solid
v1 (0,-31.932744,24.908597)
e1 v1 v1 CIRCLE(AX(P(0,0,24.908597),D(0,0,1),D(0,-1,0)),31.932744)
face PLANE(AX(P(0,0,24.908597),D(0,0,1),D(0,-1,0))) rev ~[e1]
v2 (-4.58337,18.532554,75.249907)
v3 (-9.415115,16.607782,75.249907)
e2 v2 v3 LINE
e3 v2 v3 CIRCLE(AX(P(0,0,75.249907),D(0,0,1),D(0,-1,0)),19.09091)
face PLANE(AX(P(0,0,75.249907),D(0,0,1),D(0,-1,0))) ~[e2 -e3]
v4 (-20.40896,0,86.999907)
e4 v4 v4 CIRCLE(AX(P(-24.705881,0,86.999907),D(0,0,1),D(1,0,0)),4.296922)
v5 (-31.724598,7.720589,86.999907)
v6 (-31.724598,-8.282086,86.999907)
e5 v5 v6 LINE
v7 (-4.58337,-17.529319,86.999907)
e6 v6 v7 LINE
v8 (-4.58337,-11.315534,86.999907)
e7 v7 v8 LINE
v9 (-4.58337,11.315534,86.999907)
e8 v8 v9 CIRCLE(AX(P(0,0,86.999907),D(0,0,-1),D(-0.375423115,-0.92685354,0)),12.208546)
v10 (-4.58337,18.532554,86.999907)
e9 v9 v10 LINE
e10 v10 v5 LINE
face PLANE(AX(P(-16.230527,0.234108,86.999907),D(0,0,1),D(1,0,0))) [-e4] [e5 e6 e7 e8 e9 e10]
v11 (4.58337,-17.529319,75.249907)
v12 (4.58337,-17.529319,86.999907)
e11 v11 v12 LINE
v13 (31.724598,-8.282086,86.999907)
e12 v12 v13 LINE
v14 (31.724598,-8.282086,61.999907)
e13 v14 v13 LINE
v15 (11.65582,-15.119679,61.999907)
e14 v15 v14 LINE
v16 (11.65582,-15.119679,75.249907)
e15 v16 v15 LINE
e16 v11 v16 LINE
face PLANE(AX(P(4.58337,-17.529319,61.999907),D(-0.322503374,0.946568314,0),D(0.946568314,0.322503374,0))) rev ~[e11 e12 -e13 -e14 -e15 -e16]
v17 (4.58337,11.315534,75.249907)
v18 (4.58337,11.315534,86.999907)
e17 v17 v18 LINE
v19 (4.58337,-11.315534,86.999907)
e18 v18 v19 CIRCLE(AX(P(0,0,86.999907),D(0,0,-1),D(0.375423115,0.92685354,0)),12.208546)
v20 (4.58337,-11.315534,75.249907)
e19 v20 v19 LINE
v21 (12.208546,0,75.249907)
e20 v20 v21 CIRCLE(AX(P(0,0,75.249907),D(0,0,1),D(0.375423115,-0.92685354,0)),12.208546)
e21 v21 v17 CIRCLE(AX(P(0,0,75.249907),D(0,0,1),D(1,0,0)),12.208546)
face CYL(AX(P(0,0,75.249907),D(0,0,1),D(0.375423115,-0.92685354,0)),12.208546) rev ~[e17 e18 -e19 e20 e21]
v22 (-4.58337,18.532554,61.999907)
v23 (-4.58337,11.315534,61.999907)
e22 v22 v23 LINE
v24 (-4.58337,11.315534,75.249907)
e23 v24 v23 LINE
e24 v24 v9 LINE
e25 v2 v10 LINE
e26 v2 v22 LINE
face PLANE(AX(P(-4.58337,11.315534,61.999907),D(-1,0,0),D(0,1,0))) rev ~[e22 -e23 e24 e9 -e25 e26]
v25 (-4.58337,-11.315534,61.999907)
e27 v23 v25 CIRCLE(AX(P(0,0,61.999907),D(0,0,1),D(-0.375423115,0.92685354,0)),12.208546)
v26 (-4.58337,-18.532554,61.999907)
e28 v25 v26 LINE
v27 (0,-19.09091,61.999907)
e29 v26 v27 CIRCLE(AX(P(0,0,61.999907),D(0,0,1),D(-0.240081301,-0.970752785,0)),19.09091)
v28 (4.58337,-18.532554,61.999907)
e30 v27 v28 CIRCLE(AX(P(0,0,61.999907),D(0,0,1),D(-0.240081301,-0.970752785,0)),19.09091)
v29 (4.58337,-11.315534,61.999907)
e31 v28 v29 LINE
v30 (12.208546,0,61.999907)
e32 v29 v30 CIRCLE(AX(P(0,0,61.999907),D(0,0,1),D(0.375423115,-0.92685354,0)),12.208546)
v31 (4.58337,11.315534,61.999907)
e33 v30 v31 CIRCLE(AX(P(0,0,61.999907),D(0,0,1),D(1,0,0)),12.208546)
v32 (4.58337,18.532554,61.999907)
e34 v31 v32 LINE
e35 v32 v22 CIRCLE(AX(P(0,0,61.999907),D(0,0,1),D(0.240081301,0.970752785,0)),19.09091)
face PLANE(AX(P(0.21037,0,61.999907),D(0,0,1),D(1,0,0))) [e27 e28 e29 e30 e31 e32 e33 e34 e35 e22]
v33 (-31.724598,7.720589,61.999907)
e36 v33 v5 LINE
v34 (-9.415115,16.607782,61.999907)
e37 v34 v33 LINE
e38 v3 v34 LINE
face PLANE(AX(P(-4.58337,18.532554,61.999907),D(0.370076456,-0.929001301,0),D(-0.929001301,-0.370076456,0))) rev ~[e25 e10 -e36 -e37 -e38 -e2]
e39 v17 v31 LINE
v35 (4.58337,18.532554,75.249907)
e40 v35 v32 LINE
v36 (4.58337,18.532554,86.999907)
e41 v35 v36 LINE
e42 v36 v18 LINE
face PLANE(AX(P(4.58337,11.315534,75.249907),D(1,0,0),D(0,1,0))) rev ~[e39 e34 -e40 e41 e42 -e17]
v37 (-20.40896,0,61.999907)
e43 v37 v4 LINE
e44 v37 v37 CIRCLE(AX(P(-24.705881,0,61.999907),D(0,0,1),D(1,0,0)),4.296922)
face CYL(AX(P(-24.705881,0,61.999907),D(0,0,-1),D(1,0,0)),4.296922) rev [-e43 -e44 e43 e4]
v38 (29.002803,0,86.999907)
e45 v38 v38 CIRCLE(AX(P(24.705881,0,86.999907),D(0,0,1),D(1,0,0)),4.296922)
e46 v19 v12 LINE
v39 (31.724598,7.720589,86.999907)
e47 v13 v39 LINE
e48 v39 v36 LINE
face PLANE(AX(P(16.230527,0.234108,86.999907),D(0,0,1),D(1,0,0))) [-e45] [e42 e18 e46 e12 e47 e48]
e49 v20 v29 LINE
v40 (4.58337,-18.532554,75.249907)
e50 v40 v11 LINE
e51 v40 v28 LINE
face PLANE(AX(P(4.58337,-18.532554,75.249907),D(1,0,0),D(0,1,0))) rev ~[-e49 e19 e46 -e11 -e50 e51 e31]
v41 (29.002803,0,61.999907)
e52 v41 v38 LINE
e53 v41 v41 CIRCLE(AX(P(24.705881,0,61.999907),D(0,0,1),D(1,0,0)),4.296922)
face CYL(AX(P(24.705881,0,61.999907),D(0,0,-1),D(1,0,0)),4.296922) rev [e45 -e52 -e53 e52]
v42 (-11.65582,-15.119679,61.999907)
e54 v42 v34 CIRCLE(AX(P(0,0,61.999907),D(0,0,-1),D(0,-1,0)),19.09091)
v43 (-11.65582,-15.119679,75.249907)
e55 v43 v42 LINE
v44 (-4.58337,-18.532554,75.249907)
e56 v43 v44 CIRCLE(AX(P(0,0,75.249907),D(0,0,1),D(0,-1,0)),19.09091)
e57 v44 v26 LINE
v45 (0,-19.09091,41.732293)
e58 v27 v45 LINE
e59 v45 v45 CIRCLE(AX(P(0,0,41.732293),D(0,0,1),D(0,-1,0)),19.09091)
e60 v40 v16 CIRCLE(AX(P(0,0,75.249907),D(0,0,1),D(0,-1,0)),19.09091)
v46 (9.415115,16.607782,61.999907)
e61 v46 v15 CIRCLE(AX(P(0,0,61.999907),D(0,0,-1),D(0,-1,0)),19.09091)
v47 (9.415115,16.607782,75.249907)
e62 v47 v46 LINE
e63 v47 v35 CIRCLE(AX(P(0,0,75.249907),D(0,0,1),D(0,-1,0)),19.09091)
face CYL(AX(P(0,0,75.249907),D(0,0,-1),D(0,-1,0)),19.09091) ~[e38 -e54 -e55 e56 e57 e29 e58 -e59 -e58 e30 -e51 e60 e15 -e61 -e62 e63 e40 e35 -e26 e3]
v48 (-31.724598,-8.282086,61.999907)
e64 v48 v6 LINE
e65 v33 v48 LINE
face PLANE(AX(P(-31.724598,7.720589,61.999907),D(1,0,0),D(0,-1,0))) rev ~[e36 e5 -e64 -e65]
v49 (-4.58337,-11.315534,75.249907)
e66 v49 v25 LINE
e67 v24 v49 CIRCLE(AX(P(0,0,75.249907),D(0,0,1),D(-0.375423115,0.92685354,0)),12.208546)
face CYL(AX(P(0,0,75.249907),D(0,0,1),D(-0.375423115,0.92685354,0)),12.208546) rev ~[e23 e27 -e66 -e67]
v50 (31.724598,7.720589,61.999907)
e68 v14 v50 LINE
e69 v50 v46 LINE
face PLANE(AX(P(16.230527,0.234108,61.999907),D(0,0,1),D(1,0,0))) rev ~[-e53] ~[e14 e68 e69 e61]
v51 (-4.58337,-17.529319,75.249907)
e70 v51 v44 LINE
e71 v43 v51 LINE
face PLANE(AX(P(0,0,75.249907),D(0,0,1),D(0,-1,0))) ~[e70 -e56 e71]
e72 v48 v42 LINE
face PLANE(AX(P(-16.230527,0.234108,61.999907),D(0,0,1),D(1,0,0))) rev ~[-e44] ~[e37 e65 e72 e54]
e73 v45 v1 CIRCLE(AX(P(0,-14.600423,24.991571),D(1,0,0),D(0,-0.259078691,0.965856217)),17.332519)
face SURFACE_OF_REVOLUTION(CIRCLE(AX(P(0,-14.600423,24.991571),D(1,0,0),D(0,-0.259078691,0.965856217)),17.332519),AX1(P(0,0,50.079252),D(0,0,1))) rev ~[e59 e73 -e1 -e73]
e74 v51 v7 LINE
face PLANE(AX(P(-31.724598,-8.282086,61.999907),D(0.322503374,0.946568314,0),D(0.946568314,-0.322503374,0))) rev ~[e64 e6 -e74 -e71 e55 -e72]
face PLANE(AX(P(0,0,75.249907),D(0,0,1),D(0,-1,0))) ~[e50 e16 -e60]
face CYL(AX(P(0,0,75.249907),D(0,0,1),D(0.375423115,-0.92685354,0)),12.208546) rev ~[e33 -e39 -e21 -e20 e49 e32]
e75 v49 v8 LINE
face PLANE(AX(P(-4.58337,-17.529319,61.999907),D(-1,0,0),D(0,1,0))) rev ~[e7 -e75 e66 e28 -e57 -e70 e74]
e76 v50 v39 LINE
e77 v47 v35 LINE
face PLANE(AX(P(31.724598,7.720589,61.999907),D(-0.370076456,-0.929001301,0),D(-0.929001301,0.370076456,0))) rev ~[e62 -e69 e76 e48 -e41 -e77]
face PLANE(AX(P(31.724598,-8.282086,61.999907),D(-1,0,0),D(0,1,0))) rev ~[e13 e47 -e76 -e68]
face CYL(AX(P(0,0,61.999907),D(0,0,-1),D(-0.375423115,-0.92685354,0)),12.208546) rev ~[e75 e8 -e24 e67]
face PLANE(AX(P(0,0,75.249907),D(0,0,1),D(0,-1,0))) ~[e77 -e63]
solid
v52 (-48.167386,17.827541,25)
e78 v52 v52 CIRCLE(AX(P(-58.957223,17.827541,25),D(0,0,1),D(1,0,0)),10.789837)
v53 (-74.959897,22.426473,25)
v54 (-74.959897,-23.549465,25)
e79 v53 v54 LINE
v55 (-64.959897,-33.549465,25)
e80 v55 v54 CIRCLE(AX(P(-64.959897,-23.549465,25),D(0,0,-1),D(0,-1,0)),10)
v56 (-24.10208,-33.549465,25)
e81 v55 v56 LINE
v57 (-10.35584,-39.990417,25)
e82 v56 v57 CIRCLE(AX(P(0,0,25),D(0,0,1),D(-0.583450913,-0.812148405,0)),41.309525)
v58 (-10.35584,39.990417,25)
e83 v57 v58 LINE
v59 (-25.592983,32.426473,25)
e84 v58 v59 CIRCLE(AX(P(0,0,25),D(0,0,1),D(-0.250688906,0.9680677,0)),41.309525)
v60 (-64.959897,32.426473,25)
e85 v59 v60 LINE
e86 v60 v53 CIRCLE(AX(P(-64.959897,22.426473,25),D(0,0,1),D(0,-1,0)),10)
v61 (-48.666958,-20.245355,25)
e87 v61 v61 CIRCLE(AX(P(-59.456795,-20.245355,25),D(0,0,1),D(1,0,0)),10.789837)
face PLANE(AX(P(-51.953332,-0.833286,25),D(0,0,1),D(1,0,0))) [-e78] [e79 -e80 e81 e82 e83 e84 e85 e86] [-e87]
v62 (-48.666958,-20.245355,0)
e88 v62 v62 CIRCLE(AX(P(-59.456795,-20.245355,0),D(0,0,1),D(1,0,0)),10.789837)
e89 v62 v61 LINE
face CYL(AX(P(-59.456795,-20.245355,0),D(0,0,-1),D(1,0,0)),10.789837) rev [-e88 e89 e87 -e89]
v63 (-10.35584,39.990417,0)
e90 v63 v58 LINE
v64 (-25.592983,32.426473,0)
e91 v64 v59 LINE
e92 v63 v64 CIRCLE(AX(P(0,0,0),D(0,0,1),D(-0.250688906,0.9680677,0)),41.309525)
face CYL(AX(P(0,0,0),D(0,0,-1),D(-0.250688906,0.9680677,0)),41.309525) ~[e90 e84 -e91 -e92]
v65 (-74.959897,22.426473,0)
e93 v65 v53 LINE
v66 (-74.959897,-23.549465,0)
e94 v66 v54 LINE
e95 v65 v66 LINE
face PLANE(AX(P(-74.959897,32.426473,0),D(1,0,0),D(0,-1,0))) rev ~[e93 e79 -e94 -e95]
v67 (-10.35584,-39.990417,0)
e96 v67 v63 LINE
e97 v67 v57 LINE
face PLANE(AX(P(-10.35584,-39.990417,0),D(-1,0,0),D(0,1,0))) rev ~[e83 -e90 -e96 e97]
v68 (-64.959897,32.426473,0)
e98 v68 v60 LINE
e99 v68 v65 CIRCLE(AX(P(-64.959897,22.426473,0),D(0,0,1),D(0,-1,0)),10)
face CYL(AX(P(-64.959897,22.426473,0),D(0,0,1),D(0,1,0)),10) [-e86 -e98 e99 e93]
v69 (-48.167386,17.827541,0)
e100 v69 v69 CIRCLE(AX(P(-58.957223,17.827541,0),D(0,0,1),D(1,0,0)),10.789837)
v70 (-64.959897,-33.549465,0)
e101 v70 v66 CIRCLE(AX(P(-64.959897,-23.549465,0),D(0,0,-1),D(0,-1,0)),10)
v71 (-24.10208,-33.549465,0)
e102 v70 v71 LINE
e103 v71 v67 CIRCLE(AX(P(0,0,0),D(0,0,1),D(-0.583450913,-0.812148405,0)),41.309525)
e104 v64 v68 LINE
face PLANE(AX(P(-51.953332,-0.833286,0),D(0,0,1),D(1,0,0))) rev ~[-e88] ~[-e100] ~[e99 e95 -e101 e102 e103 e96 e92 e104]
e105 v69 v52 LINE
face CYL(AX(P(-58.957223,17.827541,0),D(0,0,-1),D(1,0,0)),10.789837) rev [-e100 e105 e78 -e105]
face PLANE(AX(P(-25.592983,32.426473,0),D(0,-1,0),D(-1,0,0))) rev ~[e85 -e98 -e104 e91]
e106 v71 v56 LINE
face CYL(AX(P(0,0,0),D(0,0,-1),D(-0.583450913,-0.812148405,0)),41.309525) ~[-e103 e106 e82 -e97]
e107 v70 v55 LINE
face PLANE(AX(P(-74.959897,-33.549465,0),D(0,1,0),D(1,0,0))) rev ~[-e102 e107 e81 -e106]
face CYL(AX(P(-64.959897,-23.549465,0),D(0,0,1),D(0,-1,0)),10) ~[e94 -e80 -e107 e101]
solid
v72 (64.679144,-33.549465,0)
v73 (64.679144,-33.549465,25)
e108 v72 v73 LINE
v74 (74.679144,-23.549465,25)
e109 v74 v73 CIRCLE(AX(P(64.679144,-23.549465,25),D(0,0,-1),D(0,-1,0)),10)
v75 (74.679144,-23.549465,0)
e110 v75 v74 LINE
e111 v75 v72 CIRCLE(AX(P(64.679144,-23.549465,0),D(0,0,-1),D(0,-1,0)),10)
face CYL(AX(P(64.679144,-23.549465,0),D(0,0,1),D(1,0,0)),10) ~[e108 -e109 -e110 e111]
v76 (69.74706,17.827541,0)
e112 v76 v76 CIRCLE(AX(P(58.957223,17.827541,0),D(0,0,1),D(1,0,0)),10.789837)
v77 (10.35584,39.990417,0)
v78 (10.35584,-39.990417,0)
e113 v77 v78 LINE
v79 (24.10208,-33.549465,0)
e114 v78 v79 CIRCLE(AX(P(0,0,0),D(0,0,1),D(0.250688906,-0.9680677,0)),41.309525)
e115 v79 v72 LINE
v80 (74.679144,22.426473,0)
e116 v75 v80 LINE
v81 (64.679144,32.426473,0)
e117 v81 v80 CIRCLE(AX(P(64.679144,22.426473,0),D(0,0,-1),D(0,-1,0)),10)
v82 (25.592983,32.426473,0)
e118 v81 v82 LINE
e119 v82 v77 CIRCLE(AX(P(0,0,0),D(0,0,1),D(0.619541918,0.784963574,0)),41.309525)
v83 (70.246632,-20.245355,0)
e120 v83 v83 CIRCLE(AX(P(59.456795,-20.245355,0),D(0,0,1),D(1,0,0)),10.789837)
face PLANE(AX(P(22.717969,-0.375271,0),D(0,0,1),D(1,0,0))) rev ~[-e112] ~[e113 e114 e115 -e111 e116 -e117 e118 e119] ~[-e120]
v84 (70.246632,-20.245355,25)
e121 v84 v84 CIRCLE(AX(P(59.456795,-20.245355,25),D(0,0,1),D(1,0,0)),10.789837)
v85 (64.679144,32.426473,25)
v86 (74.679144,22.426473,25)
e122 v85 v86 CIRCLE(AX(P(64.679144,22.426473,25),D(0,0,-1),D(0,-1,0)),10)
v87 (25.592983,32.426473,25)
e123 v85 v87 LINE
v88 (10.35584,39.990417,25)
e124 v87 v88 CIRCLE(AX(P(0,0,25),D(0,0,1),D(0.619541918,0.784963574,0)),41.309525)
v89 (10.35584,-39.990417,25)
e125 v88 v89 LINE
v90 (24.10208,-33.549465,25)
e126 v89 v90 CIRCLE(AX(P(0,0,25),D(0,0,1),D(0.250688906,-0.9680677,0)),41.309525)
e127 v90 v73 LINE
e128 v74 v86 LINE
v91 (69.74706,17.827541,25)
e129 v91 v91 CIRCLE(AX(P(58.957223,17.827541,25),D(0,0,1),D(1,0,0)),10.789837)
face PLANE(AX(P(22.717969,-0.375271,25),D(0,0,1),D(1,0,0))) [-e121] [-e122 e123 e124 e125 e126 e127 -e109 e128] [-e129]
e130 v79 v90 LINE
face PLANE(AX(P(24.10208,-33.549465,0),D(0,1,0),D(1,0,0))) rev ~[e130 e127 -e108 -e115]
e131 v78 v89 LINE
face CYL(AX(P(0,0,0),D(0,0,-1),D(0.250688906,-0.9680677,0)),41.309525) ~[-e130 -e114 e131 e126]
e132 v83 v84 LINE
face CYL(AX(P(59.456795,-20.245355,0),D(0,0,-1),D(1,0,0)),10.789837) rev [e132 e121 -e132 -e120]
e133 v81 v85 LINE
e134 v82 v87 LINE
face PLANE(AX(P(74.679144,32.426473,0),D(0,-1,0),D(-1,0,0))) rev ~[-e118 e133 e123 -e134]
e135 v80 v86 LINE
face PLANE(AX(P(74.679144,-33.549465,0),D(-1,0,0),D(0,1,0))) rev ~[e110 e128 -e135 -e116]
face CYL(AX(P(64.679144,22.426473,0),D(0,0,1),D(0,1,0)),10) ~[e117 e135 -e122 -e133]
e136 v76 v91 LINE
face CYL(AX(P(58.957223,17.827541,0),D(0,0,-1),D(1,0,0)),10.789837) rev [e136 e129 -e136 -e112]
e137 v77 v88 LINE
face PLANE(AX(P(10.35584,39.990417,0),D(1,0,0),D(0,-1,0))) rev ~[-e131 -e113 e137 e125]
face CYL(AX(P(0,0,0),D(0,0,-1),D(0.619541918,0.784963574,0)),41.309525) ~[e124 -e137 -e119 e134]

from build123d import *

# Parameters (mm, degrees)
F0_R     = 10.7898369592
F1_DEPTH = 25
F2_R     = 10
F2_2_R   = 10
F6_DEPTH = 13.25
F7_R     = 4.2969216764
F8_DEPTH = 25


with BuildPart() as f1:
    # F0 (on Top) → F1 (new body)
    with BuildSketch(Plane.XY):
        with BuildLine():
            ThreePointArc((-24.1020803701, -33.549465239), (-41.2989820766, -0.9332606445), (-25.5929826471, 32.4264727533))
            Line((-25.5929826471, 32.4264727533), (-74.9598965049, 32.4264727533))
            Line((-74.9598965049, 32.4264727533), (-74.9598965049, -33.549465239))
            Line((-74.9598965049, -33.549465239), (-24.1020803701, -33.549465239))
        make_face()
        with Locations((-59.456795454, -20.2453546226)):
            Circle(F0_R, mode=Mode.SUBTRACT)
        with Locations((-58.9572228491, 17.8275406361)):
            Circle(F0_R, mode=Mode.SUBTRACT)
        with BuildLine():
            Line((-10.3558397398, 32.4264727533), (-25.5929826471, 32.4264727533))
            ThreePointArc((-25.5929826471, 32.4264727533), (-41.2989820766, -0.9332606445), (-24.1020803701, -33.549465239))
            Line((-24.1020803701, -33.549465239), (-10.3558397398, -33.549465239))
            Line((-10.3558397398, -33.549465239), (-10.3558397398, 0))
            Line((-10.3558397398, 0), (-10.3558397398, 32.4264727533))
        make_face()
        with BuildLine():
            Line((-10.3558397398, -33.549465239), (-24.1020803701, -33.549465239))
            ThreePointArc((-24.1020803701, -33.549465239), (-17.5273651921, -37.4067957117), (-10.3558397398, -39.9904173431))
            Line((-10.3558397398, -39.9904173431), (-10.3558397398, -33.549465239))
        make_face()
        with BuildLine():
            Line((-10.3558397398, 32.4264727533), (-10.3558397398, 39.9904173431))
            ThreePointArc((-10.3558397398, 39.9904173431), (-18.367982257, 37.0012719214), (-25.5929826471, 32.4264727533))
            Line((-25.5929826471, 32.4264727533), (-10.3558397398, 32.4264727533))
        make_face()
    extrude(amount=F1_DEPTH)

    # F2
    f2_edges = [f1.edges().sort_by_distance(p)[0] for p in [
        (-74.959897, -33.549465, 12.5),
        (-74.959897, 32.426473, 12.5),
    ]]
    fillet(f2_edges, radius=F2_R)


with BuildPart() as f1b:
    # F0 (on Top) → F1, piece 2 (new body)
    with BuildSketch(Plane.XY):
        with BuildLine():
            ThreePointArc((41.3095254874, 0), (37.1733161351, 18.0172546054), (25.5929826471, 32.4264727533))
            Line((25.5929826471, 32.4264727533), (10.3558397398, 32.4264727533))
            Line((10.3558397398, 32.4264727533), (10.3558397398, 0))
            Line((10.3558397398, 0), (10.3558397398, -33.549465239))
            Line((10.3558397398, -33.549465239), (24.1020803701, -33.549465239))
            ThreePointArc((24.1020803701, -33.549465239), (36.7567844033, -18.8524718889), (41.3095254874, 0))
        make_face()
        with BuildLine():
            ThreePointArc((10.3558397398, -39.9904173431), (17.5273651921, -37.4067957117), (24.1020803701, -33.549465239))
            Line((24.1020803701, -33.549465239), (10.3558397398, -33.549465239))
            Line((10.3558397398, -33.549465239), (10.3558397398, -39.9904173431))
        make_face()
        with BuildLine():
            ThreePointArc((25.5929826471, 32.4264727533), (18.367982257, 37.0012719214), (10.3558397398, 39.9904173431))
            Line((10.3558397398, 39.9904173431), (10.3558397398, 32.4264727533))
            Line((10.3558397398, 32.4264727533), (25.5929826471, 32.4264727533))
        make_face()
        with BuildLine():
            Line((74.6791437268, 32.4264727533), (25.5929826471, 32.4264727533))
            ThreePointArc((25.5929826471, 32.4264727533), (37.1733161351, 18.0172546054), (41.3095254874, 0))
            ThreePointArc((41.3095254874, 0), (36.7567844033, -18.8524718889), (24.1020803701, -33.549465239))
            Line((24.1020803701, -33.549465239), (74.6791437268, -33.549465239))
            Line((74.6791437268, -33.549465239), (74.6791437268, 32.4264727533))
        make_face()
        with Locations((59.456795454, -20.2453546226)):
            Circle(F0_R, mode=Mode.SUBTRACT)
        with Locations((58.9572228491, 17.8275406361)):
            Circle(F0_R, mode=Mode.SUBTRACT)
    extrude(amount=F1_DEPTH)

    # F2#2
    f2_2_edges = [f1b.edges().sort_by_distance(p)[0] for p in [
        (74.679144, 32.426473, 12.5),
        (74.679144, -33.549465, 12.5),
    ]]
    fillet(f2_2_edges, radius=F2_2_R)


with BuildPart() as f4:
    # F3 (on Right) → F4 (revolve)
    with BuildSketch(Plane.YZ):
        Polygon((-19.0909095109, 24.9085966498), (0, 24.9085966498), (0, 75.2499066293), (-19.0909095109, 75.2499066293), (-19.0909095109, 41.7322925891), align=None)
        with BuildLine():
            Line((-31.9327436014, 24.9085966498), (-19.0909095109, 24.9085966498))
            Line((-19.0909095109, 24.9085966498), (-19.0909095109, 41.7322925891))
            ThreePointArc((-19.0909095109, 41.7322925891), (-28.3778652446, 35.5081442467), (-31.9327436014, 24.9085966498))
        make_face()
    revolve(axis=Axis((0, 0, 50.0792516395), (0, 0, 1)))

    # F5 (on face) → F6 (cut)
    with BuildSketch(Plane.XY.offset(75.2499066293)):
        with BuildLine():
            ThreePointArc((4.5833703873, -11.3155341328), (10.1243489985, -6.8224741974), (12.2085460567, 0))
            ThreePointArc((12.2085460567, 0), (10.1243489985, 6.8224741974), (4.5833703873, 11.3155341328))
            ThreePointArc((4.5833703873, 11.3155341328), (0, 12.2085460567), (-4.5833703873, 11.3155341328))
            ThreePointArc((-4.5833703873, 11.3155341328), (-12.2085460567, 0), (-4.5833703873, -11.3155341328))
            ThreePointArc((-4.5833703873, -11.3155341328), (0, -12.2085460567), (4.5833703873, -11.3155341328))
        make_face()
        with BuildLine():
            ThreePointArc((-4.5833703873, 11.3155341328), (0, 12.2085460567), (4.5833703873, 11.3155341328))
            Line((4.5833703873, 11.3155341328), (4.5833703873, 18.5325535705))
            ThreePointArc((4.5833703873, 18.5325535705), (0, 19.0909095109), (-4.5833703873, 18.5325535705))
            Line((-4.5833703873, 18.5325535705), (-4.5833703873, 11.3155341328))
        make_face()
        with BuildLine():
            Line((4.5833703873, -18.5325535705), (4.5833703873, -11.3155341328))
            ThreePointArc((4.5833703873, -11.3155341328), (0, -12.2085460567), (-4.5833703873, -11.3155341328))
            Line((-4.5833703873, -11.3155341328), (-4.5833703873, -18.5325535705))
            ThreePointArc((-4.5833703873, -18.5325535705), (0, -19.0909095109), (4.5833703873, -18.5325535705))
        make_face()
    extrude(amount=-F6_DEPTH, mode=Mode.SUBTRACT)

    # F7 (on face) → F8 (join)
    with BuildSketch(Plane.XY.offset(61.9999066293)):
        with BuildLine():
            Line((-4.5833703873, 11.3155341328), (-4.5833703873, 18.5325535705))
            Line((-4.5833703873, 18.5325535705), (-31.7245982587, 7.7205887064))
            Line((-31.7245982587, 7.7205887064), (-31.7245982587, -8.2820858806))
            Line((-31.7245982587, -8.2820858806), (-4.5833703873, -17.5293186675))
            Line((-4.5833703873, -17.5293186675), (-4.5833703873, -11.3155341328))
            ThreePointArc((-4.5833703873, -11.3155341328), (-12.2085460567, 0), (-4.5833703873, 11.3155341328))
        make_face()
        with Locations((-24.7058812529, 0)):
            Circle(F7_R, mode=Mode.SUBTRACT)
        with BuildLine():
            Line((31.7245982587, 7.7205887064), (4.5833703873, 18.5325535705))
            Line((4.5833703873, 18.5325535705), (4.5833703873, 11.3155341328))
            ThreePointArc((4.5833703873, 11.3155341328), (12.2085460567, 0), (4.5833703873, -11.3155341328))
            Line((4.5833703873, -11.3155341328), (4.5833703873, -17.5293186675))
            Line((4.5833703873, -17.5293186675), (31.7245982587, -8.2820858806))
            Line((31.7245982587, -8.2820858806), (31.7245982587, 7.7205887064))
        make_face()
        with Locations((24.7058812529, 0)):
            Circle(F7_R, mode=Mode.SUBTRACT)
    extrude(amount=F8_DEPTH)


solid = Compound([f1.part, f1b.part, f4.part])
